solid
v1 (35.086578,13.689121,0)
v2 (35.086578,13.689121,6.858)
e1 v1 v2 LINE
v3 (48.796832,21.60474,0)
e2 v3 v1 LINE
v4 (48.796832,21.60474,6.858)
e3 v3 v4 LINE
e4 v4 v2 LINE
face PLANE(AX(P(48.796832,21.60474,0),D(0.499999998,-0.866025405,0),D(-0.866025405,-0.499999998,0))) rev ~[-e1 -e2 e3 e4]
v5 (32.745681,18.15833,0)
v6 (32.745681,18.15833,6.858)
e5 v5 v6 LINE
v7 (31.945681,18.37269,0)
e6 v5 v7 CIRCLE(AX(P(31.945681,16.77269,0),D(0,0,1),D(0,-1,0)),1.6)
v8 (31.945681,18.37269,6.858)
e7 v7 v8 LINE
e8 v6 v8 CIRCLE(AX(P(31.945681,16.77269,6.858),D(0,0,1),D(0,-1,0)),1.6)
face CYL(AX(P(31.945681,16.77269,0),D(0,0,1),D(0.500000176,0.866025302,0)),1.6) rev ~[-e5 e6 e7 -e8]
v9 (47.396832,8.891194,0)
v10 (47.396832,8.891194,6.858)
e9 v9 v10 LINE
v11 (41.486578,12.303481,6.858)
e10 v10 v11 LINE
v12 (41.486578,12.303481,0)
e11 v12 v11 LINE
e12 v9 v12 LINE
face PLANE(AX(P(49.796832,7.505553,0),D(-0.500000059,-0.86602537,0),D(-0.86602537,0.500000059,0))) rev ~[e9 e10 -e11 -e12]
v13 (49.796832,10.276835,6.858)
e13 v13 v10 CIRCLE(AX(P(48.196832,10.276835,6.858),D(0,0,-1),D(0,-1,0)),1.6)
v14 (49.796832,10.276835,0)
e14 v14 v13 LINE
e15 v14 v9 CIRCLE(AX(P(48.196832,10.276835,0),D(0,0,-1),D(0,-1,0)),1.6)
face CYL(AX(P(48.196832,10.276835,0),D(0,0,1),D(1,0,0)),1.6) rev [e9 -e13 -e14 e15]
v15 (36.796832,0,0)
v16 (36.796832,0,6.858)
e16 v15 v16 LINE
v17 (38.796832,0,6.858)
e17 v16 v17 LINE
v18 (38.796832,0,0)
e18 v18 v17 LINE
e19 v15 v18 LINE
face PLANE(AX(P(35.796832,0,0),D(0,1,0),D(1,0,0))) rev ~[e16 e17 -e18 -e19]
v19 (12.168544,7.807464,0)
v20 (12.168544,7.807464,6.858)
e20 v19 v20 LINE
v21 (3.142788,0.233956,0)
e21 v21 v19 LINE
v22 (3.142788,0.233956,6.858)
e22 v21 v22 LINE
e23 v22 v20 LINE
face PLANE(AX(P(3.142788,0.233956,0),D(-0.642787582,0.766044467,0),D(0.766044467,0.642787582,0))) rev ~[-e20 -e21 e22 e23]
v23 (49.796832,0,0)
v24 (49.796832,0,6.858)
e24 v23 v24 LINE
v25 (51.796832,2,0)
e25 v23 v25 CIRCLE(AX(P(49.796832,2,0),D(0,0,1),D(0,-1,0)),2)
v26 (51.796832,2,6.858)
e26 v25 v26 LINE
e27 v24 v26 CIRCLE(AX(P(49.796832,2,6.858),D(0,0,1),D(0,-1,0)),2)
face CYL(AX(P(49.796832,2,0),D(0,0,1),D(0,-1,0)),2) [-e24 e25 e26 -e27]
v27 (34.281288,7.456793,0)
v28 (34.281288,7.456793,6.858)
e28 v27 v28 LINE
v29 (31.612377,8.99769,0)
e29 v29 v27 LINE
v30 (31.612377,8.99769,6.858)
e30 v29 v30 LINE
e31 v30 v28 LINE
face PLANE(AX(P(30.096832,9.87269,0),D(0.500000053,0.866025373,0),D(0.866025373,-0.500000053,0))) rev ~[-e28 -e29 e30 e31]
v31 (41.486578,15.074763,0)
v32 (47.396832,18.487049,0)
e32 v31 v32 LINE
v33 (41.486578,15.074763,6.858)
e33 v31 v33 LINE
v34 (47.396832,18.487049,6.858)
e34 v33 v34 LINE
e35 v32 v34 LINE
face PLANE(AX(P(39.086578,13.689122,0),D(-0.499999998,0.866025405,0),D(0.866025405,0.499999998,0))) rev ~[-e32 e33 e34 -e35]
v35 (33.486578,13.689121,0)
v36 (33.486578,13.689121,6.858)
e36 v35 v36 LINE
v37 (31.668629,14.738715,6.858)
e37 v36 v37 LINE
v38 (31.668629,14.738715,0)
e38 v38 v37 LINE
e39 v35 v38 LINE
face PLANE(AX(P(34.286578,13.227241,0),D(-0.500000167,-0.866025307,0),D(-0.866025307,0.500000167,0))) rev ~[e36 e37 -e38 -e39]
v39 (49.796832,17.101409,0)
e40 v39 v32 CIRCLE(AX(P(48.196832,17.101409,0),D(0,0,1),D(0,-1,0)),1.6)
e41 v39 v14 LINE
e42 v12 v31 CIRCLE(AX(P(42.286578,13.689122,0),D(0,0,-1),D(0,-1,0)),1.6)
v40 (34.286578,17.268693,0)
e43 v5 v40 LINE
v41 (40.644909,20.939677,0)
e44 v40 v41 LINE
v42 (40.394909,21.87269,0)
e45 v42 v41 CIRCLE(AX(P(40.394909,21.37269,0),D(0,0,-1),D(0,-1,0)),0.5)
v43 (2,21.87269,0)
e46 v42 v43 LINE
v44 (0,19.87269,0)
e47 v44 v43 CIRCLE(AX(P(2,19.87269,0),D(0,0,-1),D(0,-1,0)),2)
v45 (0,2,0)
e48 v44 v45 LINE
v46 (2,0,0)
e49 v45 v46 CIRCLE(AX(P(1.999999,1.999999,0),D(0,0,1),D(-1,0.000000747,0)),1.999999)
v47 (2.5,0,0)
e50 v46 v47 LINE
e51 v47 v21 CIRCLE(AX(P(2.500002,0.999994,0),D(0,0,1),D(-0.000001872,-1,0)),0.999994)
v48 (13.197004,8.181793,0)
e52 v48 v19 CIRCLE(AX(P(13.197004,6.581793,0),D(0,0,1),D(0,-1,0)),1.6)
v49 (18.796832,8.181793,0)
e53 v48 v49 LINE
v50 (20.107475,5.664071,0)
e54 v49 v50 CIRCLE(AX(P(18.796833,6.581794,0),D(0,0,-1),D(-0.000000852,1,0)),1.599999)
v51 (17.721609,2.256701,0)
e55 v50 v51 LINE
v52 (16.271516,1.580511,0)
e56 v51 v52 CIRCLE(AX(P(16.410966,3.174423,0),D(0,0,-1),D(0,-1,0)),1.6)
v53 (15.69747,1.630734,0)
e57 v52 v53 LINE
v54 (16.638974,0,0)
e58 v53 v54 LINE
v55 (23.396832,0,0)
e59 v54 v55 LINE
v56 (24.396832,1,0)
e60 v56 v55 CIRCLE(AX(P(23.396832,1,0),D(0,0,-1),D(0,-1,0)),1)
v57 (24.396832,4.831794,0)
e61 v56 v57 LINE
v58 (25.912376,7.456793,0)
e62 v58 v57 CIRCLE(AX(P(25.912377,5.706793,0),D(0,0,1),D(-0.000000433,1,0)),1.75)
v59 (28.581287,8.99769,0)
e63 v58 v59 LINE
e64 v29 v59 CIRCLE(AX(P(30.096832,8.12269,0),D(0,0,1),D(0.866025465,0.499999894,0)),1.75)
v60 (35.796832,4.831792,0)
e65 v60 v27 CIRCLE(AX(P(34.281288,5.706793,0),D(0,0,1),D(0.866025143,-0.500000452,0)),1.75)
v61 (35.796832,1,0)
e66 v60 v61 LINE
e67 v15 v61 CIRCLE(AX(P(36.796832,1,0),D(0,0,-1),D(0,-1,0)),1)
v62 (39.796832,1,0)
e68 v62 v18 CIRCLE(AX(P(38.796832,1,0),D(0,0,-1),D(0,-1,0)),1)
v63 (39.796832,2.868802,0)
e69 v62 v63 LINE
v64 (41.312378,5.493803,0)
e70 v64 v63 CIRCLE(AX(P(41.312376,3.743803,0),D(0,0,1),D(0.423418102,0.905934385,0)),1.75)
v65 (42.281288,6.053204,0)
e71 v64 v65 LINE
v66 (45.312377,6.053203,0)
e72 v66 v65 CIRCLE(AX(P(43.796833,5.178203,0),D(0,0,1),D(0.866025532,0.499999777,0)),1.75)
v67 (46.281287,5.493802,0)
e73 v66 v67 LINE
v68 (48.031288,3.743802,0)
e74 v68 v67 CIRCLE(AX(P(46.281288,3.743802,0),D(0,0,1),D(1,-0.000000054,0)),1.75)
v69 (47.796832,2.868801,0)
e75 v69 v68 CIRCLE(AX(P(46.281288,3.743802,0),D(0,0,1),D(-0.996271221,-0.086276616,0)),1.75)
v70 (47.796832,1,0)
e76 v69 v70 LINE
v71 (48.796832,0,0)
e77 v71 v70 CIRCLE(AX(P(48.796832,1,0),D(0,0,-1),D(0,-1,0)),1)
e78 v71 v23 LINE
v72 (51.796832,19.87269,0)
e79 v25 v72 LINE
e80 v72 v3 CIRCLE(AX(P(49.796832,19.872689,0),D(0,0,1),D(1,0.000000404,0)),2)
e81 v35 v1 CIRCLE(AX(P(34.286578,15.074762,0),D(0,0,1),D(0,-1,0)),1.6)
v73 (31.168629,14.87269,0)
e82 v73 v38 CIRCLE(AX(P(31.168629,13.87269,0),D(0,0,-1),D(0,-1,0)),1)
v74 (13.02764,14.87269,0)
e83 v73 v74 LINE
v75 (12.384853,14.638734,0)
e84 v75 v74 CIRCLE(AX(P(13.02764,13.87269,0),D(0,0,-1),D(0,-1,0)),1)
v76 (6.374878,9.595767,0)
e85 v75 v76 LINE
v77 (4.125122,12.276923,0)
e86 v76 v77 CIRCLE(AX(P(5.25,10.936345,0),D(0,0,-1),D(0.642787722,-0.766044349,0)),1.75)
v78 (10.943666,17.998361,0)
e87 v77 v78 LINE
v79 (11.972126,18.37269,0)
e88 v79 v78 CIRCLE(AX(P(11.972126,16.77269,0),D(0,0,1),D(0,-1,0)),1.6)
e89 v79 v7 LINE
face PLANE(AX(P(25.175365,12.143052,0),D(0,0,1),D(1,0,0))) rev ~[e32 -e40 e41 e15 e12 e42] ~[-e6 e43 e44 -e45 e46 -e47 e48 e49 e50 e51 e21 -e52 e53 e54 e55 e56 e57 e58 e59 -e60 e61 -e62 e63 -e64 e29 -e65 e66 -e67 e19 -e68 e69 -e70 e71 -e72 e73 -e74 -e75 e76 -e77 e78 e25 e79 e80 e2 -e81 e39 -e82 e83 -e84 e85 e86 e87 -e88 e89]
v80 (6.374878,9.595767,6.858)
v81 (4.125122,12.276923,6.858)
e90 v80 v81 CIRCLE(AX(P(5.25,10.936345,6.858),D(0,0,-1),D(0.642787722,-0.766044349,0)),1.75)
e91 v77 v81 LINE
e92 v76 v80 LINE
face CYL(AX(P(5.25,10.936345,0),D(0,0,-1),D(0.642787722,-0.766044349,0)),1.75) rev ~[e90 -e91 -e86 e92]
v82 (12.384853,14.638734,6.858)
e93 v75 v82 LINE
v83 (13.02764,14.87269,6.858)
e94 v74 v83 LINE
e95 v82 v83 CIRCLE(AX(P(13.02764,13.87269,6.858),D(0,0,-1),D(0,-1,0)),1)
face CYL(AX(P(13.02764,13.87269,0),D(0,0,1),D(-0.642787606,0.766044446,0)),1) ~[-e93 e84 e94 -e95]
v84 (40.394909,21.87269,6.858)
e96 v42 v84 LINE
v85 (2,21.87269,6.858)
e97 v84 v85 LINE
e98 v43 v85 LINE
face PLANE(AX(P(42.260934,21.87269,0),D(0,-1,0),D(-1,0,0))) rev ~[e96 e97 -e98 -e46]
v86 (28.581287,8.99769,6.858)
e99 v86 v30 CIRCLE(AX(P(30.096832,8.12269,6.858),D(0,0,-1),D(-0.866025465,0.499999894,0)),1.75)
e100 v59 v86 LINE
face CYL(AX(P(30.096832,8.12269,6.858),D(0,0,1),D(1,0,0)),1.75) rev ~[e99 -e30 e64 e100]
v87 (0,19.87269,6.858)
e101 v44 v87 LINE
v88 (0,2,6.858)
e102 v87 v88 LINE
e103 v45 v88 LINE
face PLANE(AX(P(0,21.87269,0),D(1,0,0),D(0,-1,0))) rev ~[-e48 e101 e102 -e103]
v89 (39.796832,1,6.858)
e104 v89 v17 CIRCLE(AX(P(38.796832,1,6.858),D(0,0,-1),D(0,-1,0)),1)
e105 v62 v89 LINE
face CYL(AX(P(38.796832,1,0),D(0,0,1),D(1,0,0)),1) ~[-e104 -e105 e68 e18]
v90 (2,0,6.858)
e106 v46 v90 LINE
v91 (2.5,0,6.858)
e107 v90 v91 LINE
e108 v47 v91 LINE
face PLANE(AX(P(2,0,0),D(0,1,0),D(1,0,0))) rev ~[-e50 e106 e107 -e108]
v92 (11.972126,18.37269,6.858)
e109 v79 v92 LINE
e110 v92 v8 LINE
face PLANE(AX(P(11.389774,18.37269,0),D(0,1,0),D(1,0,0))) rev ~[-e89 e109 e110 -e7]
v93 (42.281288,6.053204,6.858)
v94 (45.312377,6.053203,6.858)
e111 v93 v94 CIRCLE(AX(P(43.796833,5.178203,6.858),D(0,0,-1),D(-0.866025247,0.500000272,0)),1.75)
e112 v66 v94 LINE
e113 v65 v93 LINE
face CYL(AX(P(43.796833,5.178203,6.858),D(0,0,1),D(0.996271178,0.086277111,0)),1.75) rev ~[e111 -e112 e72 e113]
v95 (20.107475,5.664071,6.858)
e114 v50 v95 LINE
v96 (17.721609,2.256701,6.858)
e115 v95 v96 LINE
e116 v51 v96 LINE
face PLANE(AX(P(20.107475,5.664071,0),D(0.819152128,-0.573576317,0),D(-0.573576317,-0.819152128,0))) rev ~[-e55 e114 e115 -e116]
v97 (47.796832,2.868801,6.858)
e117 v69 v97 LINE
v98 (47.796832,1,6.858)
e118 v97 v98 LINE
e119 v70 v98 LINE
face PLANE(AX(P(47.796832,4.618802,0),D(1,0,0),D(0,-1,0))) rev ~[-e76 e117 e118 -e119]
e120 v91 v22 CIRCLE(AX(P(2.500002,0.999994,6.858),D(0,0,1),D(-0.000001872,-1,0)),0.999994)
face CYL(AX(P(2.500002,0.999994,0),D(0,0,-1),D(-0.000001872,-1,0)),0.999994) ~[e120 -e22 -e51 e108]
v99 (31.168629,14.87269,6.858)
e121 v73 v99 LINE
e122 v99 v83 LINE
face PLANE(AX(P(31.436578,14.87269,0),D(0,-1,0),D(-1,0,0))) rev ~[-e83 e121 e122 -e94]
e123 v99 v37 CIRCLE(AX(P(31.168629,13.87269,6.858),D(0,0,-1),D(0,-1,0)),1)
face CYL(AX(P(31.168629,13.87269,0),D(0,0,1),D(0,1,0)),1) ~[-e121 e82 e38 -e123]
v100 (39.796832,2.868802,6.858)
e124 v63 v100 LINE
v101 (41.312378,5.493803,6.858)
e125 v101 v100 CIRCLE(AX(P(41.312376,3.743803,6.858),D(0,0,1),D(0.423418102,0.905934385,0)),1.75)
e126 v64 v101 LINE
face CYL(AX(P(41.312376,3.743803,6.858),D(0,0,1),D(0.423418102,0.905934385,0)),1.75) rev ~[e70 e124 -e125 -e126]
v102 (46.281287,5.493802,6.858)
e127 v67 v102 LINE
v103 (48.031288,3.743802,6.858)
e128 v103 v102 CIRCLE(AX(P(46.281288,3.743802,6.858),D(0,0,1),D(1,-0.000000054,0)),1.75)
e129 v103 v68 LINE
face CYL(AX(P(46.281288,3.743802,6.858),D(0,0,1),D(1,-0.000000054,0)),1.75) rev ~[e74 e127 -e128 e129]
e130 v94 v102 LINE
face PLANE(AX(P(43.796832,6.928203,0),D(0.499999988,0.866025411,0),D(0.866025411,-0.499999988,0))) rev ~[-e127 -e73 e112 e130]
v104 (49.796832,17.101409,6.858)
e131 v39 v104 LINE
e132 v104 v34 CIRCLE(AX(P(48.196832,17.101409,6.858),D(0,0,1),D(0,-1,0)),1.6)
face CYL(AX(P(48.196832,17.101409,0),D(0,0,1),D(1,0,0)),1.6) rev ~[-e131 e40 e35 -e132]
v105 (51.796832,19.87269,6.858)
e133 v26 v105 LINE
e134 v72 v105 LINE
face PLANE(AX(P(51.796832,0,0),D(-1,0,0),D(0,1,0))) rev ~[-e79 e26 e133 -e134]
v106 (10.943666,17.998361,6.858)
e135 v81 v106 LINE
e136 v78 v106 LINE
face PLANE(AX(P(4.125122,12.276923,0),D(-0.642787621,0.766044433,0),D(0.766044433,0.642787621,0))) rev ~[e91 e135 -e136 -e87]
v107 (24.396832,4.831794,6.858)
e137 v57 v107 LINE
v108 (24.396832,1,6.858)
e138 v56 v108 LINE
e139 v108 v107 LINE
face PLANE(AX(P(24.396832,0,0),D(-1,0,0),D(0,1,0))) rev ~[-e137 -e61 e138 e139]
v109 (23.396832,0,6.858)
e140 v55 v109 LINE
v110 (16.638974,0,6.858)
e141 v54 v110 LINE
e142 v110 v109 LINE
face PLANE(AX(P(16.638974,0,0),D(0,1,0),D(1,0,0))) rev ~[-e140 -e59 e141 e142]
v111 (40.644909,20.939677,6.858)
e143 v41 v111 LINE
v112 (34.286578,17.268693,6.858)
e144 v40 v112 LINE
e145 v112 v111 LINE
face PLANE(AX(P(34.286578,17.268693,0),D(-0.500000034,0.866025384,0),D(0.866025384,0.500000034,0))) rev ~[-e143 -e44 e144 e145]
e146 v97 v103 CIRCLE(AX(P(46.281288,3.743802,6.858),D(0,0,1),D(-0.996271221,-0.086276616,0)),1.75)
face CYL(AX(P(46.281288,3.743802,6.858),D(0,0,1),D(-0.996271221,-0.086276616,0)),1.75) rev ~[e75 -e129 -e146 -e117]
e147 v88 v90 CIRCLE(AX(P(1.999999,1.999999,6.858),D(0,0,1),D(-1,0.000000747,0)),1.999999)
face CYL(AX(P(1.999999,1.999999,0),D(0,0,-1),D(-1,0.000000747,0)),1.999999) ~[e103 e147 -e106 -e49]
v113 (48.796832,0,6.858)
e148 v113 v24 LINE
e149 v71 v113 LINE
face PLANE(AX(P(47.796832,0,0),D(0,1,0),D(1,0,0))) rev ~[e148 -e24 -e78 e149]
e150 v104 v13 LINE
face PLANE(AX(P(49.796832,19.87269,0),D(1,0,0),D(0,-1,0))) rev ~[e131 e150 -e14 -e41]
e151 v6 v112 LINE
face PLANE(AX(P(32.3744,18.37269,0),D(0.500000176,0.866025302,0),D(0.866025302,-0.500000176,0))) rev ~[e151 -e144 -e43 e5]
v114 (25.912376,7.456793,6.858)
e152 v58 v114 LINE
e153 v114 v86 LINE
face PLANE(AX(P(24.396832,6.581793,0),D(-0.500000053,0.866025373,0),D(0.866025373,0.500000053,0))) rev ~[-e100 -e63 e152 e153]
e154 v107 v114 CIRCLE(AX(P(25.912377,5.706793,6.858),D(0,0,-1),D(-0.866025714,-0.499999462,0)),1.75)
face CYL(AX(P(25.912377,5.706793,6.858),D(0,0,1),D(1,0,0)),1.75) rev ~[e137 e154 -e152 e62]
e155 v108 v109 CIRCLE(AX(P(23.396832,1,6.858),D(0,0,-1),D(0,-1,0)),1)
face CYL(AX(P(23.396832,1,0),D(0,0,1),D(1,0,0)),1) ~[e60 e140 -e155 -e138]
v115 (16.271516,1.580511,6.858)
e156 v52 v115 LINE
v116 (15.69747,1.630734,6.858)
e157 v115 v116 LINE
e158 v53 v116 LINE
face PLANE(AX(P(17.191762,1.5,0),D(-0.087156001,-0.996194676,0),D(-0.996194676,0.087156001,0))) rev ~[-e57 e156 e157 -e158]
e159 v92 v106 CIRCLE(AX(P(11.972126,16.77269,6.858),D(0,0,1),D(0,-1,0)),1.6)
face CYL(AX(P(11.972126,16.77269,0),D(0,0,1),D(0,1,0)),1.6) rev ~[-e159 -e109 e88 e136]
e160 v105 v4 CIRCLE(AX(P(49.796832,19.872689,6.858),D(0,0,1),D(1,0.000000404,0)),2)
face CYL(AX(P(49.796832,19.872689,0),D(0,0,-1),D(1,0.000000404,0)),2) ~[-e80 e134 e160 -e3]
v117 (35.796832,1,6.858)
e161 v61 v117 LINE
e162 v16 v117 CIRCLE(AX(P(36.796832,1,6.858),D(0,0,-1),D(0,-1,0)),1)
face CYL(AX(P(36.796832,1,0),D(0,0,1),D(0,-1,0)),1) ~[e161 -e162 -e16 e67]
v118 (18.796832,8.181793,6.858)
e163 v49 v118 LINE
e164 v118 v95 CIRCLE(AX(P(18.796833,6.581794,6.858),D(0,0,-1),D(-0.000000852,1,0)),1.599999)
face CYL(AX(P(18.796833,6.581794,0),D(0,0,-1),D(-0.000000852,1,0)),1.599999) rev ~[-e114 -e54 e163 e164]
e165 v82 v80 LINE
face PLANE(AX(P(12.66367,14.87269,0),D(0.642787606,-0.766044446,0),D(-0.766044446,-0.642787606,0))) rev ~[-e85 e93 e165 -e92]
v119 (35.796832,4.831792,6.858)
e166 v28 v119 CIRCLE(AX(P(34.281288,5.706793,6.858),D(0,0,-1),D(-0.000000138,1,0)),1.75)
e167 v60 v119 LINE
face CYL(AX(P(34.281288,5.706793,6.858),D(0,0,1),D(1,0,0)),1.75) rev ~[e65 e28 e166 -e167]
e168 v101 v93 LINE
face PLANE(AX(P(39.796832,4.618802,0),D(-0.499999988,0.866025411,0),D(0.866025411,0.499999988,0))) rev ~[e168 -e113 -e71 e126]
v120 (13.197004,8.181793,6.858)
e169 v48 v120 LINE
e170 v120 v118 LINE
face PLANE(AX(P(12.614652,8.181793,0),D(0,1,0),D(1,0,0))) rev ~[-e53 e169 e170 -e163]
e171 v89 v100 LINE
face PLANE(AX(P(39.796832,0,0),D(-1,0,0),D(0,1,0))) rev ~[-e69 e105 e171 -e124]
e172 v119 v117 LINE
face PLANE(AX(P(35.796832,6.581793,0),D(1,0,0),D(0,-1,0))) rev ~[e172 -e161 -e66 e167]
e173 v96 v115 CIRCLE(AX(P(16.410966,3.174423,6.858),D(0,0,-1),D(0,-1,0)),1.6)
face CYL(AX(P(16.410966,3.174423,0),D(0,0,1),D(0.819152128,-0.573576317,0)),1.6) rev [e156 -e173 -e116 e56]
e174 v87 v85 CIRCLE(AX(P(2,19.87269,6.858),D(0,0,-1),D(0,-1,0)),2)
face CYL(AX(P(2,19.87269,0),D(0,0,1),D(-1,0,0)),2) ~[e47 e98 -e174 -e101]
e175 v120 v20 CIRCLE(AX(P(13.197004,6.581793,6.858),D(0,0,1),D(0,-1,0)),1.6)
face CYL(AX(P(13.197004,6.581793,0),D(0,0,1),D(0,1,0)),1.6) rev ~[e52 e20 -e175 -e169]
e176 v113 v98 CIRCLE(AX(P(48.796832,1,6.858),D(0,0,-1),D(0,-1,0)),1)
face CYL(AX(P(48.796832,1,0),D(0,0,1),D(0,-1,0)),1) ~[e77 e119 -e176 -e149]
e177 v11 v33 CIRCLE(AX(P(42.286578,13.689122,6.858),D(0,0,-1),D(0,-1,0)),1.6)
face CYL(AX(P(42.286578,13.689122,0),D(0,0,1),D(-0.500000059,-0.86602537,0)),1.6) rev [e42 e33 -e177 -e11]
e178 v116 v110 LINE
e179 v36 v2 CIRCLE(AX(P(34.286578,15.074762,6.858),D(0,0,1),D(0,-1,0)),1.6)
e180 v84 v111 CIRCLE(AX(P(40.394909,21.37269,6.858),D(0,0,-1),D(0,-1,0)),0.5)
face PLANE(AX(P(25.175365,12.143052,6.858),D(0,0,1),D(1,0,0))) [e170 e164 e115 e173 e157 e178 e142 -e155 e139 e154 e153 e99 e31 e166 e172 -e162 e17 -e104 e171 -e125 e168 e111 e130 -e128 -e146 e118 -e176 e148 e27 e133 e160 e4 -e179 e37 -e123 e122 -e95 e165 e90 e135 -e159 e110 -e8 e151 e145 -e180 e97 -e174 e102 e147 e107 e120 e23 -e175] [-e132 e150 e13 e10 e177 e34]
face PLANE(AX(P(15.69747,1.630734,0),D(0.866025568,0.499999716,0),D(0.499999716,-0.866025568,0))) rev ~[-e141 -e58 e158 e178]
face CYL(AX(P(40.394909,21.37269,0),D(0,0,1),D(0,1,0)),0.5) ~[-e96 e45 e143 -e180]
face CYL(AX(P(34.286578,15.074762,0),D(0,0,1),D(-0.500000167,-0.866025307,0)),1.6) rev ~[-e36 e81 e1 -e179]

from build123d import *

# Parameters (mm, degrees)
F1_DEPTH = 6.858
F2_R     = 1.75
F3_DEPTH = 6.859
F4_R     = 1
F5_R     = 2
F6_R     = 0.5
F7_R     = 1
F8_R     = 1.6
F9_R     = 1.6
F10_R    = 1.6


with BuildPart() as f1:
    # F0 (on Top) → F1 (new body)
    with BuildSketch(Plane.XY):
        with BuildLine():
            ThreePointArc((0, 2), (0.585786, 0.585786), (2, 0))
            Line((2, 0), (2.5, 0))
            ThreePointArc((2.5, 0), (2.84202, 0.060307), (3.142788, 0.233956))
            Line((3.142788, 0.233956), (12.614652, 8.181793))
            Line((12.614652, 8.181793), (18.796832, 8.181793))
            ThreePointArc((18.796832, 8.181793), (20.21605, 7.320591), (20.107475, 5.664071))
            Line((20.107475, 5.664071), (17.191762, 1.5))
            Line((17.191762, 1.5), (15.69747, 1.630734))
            Line((15.69747, 1.630734), (16.638974, 0))
            Line((16.638974, 0), (24.396832, 0))
            Line((24.396832, 0), (24.396832, 6.581793))
            Line((24.396832, 6.581793), (30.096832, 9.87269))
            Line((30.096832, 9.87269), (35.796832, 6.581793))
            Line((35.796832, 6.581793), (35.796832, 0))
            Line((35.796832, 0), (39.796832, 0))
            Line((39.796832, 0), (39.796832, 4.618802))
            Line((39.796832, 4.618802), (43.796832, 6.928203))
            Line((43.796832, 6.928203), (47.796832, 4.618802))
            Line((47.796832, 4.618802), (47.796832, 0))
            Line((47.796832, 0), (51.796832, 0))
            Line((51.796832, 0), (51.796832, 19.87269))
            ThreePointArc((51.796832, 19.87269), (50.796832, 21.60474), (48.796832, 21.60474))
            Line((48.796832, 21.60474), (34.286578, 13.227241))
            Line((34.286578, 13.227241), (31.436578, 14.87269))
            Line((31.436578, 14.87269), (30.096832, 14.87269))
            Line((30.096832, 14.87269), (12.66367, 14.87269))
            Line((12.66367, 14.87269), (6.374878, 9.595767))
            ThreePointArc((6.374878, 9.595767), (3.909422, 9.811466), (4.125122, 12.276923))
            Line((4.125122, 12.276923), (11.389774, 18.37269))
            Line((11.389774, 18.37269), (32.3744, 18.37269))
            Line((32.3744, 18.37269), (34.286578, 17.268693))
            Line((34.286578, 17.268693), (42.260934, 21.87269))
            Line((42.260934, 21.87269), (0, 21.87269))
            Line((0, 21.87269), (0, 2))
        make_face()
        Polygon((49.796832, 7.505553), (39.086578, 13.689122), (49.796832, 19.87269), align=None, mode=Mode.SUBTRACT)
    extrude(amount=F1_DEPTH)

    # F2 (on face) → F3 (cut, through all)
    with BuildSketch(Plane.XY.offset(6.858)):
        with Locations((30.096832, 8.12269)):
            Circle(F2_R)
        with Locations((34.281288, 5.706793)):
            Circle(F2_R)
        with Locations((25.912377, 5.706793)):
            Circle(F2_R)
        with BuildLine():
            ThreePointArc((45.540307, 5.329188), (45.5452, 5.253766), (45.546832, 5.178203))
            ThreePointArc((45.546832, 5.178203), (45.273182, 4.23858), (44.537813, 3.592818))
            ThreePointArc((44.537813, 3.592818), (46.35685, 1.995434), (48.031288, 3.743802))
            ThreePointArc((48.031288, 3.743802), (47.220911, 5.220152), (45.540307, 5.329188))
        make_face()
        with BuildLine():
            ThreePointArc((44.537813, 3.592818), (44.765743, 4.618802), (45.540307, 5.329188))
            ThreePointArc((45.540307, 5.329188), (43.796832, 6.928203), (42.053358, 5.329188))
            ThreePointArc((42.053358, 5.329188), (42.788726, 4.683425), (43.062377, 3.743802))
            ThreePointArc((43.062377, 3.743802), (43.060745, 3.668239), (43.055851, 3.592818))
            ThreePointArc((43.055851, 3.592818), (43.796832, 3.428203), (44.537813, 3.592818))
        make_face()
        with BuildLine():
            ThreePointArc((43.055851, 3.592818), (42.281288, 4.303203), (42.053358, 5.329188))
            ThreePointArc((42.053358, 5.329188), (39.796832, 2.868802), (43.055851, 3.592818))
        make_face()
    extrude(amount=-F3_DEPTH, mode=Mode.SUBTRACT)

    # F4
    f4_edges = [f1.edges().sort_by_distance(p)[0] for p in [
        (24.396832, 0, 3.429),
        (35.796832, 0, 3.429),
        (39.796832, 0, 3.429),
        (47.796832, 0, 3.429),
    ]]
    fillet(f4_edges, radius=F4_R)

    # F5
    f5_edges = [f1.edges().sort_by_distance(p)[0] for p in [
        (51.796832, 0, 3.429),
        (0, 21.87269, 3.429),
    ]]
    fillet(f5_edges, radius=F5_R)

    # F6
    f6_edges = [f1.edges().sort_by_distance(p)[0] for p in [
        (42.260934, 21.87269, 3.429),
    ]]
    fillet(f6_edges, radius=F6_R)

    # F7
    f7_edges = [f1.edges().sort_by_distance(p)[0] for p in [
        (12.66367, 14.87269, 3.429),
        (31.436578, 14.87269, 3.429),
    ]]
    fillet(f7_edges, radius=F7_R)

    # F8
    f8_edges = [f1.edges().sort_by_distance(p)[0] for p in [
        (39.086578, 13.689122, 3.429),
        (49.796832, 19.87269, 3.429),
        (49.796832, 7.505553, 3.429),
    ]]
    fillet(f8_edges, radius=F8_R)

    # F9
    f9_edges = [f1.edges().sort_by_distance(p)[0] for p in [
        (17.191762, 1.5, 3.429),
    ]]
    fillet(f9_edges, radius=F9_R)

    # F10
    f10_edges = [f1.edges().sort_by_distance(p)[0] for p in [
        (34.286578, 13.227241, 3.429),
        (32.3744, 18.37269, 3.429),
        (11.389774, 18.37269, 3.429),
        (12.614652, 8.181793, 3.429),
    ]]
    fillet(f10_edges, radius=F10_R)


solid = f1.part
